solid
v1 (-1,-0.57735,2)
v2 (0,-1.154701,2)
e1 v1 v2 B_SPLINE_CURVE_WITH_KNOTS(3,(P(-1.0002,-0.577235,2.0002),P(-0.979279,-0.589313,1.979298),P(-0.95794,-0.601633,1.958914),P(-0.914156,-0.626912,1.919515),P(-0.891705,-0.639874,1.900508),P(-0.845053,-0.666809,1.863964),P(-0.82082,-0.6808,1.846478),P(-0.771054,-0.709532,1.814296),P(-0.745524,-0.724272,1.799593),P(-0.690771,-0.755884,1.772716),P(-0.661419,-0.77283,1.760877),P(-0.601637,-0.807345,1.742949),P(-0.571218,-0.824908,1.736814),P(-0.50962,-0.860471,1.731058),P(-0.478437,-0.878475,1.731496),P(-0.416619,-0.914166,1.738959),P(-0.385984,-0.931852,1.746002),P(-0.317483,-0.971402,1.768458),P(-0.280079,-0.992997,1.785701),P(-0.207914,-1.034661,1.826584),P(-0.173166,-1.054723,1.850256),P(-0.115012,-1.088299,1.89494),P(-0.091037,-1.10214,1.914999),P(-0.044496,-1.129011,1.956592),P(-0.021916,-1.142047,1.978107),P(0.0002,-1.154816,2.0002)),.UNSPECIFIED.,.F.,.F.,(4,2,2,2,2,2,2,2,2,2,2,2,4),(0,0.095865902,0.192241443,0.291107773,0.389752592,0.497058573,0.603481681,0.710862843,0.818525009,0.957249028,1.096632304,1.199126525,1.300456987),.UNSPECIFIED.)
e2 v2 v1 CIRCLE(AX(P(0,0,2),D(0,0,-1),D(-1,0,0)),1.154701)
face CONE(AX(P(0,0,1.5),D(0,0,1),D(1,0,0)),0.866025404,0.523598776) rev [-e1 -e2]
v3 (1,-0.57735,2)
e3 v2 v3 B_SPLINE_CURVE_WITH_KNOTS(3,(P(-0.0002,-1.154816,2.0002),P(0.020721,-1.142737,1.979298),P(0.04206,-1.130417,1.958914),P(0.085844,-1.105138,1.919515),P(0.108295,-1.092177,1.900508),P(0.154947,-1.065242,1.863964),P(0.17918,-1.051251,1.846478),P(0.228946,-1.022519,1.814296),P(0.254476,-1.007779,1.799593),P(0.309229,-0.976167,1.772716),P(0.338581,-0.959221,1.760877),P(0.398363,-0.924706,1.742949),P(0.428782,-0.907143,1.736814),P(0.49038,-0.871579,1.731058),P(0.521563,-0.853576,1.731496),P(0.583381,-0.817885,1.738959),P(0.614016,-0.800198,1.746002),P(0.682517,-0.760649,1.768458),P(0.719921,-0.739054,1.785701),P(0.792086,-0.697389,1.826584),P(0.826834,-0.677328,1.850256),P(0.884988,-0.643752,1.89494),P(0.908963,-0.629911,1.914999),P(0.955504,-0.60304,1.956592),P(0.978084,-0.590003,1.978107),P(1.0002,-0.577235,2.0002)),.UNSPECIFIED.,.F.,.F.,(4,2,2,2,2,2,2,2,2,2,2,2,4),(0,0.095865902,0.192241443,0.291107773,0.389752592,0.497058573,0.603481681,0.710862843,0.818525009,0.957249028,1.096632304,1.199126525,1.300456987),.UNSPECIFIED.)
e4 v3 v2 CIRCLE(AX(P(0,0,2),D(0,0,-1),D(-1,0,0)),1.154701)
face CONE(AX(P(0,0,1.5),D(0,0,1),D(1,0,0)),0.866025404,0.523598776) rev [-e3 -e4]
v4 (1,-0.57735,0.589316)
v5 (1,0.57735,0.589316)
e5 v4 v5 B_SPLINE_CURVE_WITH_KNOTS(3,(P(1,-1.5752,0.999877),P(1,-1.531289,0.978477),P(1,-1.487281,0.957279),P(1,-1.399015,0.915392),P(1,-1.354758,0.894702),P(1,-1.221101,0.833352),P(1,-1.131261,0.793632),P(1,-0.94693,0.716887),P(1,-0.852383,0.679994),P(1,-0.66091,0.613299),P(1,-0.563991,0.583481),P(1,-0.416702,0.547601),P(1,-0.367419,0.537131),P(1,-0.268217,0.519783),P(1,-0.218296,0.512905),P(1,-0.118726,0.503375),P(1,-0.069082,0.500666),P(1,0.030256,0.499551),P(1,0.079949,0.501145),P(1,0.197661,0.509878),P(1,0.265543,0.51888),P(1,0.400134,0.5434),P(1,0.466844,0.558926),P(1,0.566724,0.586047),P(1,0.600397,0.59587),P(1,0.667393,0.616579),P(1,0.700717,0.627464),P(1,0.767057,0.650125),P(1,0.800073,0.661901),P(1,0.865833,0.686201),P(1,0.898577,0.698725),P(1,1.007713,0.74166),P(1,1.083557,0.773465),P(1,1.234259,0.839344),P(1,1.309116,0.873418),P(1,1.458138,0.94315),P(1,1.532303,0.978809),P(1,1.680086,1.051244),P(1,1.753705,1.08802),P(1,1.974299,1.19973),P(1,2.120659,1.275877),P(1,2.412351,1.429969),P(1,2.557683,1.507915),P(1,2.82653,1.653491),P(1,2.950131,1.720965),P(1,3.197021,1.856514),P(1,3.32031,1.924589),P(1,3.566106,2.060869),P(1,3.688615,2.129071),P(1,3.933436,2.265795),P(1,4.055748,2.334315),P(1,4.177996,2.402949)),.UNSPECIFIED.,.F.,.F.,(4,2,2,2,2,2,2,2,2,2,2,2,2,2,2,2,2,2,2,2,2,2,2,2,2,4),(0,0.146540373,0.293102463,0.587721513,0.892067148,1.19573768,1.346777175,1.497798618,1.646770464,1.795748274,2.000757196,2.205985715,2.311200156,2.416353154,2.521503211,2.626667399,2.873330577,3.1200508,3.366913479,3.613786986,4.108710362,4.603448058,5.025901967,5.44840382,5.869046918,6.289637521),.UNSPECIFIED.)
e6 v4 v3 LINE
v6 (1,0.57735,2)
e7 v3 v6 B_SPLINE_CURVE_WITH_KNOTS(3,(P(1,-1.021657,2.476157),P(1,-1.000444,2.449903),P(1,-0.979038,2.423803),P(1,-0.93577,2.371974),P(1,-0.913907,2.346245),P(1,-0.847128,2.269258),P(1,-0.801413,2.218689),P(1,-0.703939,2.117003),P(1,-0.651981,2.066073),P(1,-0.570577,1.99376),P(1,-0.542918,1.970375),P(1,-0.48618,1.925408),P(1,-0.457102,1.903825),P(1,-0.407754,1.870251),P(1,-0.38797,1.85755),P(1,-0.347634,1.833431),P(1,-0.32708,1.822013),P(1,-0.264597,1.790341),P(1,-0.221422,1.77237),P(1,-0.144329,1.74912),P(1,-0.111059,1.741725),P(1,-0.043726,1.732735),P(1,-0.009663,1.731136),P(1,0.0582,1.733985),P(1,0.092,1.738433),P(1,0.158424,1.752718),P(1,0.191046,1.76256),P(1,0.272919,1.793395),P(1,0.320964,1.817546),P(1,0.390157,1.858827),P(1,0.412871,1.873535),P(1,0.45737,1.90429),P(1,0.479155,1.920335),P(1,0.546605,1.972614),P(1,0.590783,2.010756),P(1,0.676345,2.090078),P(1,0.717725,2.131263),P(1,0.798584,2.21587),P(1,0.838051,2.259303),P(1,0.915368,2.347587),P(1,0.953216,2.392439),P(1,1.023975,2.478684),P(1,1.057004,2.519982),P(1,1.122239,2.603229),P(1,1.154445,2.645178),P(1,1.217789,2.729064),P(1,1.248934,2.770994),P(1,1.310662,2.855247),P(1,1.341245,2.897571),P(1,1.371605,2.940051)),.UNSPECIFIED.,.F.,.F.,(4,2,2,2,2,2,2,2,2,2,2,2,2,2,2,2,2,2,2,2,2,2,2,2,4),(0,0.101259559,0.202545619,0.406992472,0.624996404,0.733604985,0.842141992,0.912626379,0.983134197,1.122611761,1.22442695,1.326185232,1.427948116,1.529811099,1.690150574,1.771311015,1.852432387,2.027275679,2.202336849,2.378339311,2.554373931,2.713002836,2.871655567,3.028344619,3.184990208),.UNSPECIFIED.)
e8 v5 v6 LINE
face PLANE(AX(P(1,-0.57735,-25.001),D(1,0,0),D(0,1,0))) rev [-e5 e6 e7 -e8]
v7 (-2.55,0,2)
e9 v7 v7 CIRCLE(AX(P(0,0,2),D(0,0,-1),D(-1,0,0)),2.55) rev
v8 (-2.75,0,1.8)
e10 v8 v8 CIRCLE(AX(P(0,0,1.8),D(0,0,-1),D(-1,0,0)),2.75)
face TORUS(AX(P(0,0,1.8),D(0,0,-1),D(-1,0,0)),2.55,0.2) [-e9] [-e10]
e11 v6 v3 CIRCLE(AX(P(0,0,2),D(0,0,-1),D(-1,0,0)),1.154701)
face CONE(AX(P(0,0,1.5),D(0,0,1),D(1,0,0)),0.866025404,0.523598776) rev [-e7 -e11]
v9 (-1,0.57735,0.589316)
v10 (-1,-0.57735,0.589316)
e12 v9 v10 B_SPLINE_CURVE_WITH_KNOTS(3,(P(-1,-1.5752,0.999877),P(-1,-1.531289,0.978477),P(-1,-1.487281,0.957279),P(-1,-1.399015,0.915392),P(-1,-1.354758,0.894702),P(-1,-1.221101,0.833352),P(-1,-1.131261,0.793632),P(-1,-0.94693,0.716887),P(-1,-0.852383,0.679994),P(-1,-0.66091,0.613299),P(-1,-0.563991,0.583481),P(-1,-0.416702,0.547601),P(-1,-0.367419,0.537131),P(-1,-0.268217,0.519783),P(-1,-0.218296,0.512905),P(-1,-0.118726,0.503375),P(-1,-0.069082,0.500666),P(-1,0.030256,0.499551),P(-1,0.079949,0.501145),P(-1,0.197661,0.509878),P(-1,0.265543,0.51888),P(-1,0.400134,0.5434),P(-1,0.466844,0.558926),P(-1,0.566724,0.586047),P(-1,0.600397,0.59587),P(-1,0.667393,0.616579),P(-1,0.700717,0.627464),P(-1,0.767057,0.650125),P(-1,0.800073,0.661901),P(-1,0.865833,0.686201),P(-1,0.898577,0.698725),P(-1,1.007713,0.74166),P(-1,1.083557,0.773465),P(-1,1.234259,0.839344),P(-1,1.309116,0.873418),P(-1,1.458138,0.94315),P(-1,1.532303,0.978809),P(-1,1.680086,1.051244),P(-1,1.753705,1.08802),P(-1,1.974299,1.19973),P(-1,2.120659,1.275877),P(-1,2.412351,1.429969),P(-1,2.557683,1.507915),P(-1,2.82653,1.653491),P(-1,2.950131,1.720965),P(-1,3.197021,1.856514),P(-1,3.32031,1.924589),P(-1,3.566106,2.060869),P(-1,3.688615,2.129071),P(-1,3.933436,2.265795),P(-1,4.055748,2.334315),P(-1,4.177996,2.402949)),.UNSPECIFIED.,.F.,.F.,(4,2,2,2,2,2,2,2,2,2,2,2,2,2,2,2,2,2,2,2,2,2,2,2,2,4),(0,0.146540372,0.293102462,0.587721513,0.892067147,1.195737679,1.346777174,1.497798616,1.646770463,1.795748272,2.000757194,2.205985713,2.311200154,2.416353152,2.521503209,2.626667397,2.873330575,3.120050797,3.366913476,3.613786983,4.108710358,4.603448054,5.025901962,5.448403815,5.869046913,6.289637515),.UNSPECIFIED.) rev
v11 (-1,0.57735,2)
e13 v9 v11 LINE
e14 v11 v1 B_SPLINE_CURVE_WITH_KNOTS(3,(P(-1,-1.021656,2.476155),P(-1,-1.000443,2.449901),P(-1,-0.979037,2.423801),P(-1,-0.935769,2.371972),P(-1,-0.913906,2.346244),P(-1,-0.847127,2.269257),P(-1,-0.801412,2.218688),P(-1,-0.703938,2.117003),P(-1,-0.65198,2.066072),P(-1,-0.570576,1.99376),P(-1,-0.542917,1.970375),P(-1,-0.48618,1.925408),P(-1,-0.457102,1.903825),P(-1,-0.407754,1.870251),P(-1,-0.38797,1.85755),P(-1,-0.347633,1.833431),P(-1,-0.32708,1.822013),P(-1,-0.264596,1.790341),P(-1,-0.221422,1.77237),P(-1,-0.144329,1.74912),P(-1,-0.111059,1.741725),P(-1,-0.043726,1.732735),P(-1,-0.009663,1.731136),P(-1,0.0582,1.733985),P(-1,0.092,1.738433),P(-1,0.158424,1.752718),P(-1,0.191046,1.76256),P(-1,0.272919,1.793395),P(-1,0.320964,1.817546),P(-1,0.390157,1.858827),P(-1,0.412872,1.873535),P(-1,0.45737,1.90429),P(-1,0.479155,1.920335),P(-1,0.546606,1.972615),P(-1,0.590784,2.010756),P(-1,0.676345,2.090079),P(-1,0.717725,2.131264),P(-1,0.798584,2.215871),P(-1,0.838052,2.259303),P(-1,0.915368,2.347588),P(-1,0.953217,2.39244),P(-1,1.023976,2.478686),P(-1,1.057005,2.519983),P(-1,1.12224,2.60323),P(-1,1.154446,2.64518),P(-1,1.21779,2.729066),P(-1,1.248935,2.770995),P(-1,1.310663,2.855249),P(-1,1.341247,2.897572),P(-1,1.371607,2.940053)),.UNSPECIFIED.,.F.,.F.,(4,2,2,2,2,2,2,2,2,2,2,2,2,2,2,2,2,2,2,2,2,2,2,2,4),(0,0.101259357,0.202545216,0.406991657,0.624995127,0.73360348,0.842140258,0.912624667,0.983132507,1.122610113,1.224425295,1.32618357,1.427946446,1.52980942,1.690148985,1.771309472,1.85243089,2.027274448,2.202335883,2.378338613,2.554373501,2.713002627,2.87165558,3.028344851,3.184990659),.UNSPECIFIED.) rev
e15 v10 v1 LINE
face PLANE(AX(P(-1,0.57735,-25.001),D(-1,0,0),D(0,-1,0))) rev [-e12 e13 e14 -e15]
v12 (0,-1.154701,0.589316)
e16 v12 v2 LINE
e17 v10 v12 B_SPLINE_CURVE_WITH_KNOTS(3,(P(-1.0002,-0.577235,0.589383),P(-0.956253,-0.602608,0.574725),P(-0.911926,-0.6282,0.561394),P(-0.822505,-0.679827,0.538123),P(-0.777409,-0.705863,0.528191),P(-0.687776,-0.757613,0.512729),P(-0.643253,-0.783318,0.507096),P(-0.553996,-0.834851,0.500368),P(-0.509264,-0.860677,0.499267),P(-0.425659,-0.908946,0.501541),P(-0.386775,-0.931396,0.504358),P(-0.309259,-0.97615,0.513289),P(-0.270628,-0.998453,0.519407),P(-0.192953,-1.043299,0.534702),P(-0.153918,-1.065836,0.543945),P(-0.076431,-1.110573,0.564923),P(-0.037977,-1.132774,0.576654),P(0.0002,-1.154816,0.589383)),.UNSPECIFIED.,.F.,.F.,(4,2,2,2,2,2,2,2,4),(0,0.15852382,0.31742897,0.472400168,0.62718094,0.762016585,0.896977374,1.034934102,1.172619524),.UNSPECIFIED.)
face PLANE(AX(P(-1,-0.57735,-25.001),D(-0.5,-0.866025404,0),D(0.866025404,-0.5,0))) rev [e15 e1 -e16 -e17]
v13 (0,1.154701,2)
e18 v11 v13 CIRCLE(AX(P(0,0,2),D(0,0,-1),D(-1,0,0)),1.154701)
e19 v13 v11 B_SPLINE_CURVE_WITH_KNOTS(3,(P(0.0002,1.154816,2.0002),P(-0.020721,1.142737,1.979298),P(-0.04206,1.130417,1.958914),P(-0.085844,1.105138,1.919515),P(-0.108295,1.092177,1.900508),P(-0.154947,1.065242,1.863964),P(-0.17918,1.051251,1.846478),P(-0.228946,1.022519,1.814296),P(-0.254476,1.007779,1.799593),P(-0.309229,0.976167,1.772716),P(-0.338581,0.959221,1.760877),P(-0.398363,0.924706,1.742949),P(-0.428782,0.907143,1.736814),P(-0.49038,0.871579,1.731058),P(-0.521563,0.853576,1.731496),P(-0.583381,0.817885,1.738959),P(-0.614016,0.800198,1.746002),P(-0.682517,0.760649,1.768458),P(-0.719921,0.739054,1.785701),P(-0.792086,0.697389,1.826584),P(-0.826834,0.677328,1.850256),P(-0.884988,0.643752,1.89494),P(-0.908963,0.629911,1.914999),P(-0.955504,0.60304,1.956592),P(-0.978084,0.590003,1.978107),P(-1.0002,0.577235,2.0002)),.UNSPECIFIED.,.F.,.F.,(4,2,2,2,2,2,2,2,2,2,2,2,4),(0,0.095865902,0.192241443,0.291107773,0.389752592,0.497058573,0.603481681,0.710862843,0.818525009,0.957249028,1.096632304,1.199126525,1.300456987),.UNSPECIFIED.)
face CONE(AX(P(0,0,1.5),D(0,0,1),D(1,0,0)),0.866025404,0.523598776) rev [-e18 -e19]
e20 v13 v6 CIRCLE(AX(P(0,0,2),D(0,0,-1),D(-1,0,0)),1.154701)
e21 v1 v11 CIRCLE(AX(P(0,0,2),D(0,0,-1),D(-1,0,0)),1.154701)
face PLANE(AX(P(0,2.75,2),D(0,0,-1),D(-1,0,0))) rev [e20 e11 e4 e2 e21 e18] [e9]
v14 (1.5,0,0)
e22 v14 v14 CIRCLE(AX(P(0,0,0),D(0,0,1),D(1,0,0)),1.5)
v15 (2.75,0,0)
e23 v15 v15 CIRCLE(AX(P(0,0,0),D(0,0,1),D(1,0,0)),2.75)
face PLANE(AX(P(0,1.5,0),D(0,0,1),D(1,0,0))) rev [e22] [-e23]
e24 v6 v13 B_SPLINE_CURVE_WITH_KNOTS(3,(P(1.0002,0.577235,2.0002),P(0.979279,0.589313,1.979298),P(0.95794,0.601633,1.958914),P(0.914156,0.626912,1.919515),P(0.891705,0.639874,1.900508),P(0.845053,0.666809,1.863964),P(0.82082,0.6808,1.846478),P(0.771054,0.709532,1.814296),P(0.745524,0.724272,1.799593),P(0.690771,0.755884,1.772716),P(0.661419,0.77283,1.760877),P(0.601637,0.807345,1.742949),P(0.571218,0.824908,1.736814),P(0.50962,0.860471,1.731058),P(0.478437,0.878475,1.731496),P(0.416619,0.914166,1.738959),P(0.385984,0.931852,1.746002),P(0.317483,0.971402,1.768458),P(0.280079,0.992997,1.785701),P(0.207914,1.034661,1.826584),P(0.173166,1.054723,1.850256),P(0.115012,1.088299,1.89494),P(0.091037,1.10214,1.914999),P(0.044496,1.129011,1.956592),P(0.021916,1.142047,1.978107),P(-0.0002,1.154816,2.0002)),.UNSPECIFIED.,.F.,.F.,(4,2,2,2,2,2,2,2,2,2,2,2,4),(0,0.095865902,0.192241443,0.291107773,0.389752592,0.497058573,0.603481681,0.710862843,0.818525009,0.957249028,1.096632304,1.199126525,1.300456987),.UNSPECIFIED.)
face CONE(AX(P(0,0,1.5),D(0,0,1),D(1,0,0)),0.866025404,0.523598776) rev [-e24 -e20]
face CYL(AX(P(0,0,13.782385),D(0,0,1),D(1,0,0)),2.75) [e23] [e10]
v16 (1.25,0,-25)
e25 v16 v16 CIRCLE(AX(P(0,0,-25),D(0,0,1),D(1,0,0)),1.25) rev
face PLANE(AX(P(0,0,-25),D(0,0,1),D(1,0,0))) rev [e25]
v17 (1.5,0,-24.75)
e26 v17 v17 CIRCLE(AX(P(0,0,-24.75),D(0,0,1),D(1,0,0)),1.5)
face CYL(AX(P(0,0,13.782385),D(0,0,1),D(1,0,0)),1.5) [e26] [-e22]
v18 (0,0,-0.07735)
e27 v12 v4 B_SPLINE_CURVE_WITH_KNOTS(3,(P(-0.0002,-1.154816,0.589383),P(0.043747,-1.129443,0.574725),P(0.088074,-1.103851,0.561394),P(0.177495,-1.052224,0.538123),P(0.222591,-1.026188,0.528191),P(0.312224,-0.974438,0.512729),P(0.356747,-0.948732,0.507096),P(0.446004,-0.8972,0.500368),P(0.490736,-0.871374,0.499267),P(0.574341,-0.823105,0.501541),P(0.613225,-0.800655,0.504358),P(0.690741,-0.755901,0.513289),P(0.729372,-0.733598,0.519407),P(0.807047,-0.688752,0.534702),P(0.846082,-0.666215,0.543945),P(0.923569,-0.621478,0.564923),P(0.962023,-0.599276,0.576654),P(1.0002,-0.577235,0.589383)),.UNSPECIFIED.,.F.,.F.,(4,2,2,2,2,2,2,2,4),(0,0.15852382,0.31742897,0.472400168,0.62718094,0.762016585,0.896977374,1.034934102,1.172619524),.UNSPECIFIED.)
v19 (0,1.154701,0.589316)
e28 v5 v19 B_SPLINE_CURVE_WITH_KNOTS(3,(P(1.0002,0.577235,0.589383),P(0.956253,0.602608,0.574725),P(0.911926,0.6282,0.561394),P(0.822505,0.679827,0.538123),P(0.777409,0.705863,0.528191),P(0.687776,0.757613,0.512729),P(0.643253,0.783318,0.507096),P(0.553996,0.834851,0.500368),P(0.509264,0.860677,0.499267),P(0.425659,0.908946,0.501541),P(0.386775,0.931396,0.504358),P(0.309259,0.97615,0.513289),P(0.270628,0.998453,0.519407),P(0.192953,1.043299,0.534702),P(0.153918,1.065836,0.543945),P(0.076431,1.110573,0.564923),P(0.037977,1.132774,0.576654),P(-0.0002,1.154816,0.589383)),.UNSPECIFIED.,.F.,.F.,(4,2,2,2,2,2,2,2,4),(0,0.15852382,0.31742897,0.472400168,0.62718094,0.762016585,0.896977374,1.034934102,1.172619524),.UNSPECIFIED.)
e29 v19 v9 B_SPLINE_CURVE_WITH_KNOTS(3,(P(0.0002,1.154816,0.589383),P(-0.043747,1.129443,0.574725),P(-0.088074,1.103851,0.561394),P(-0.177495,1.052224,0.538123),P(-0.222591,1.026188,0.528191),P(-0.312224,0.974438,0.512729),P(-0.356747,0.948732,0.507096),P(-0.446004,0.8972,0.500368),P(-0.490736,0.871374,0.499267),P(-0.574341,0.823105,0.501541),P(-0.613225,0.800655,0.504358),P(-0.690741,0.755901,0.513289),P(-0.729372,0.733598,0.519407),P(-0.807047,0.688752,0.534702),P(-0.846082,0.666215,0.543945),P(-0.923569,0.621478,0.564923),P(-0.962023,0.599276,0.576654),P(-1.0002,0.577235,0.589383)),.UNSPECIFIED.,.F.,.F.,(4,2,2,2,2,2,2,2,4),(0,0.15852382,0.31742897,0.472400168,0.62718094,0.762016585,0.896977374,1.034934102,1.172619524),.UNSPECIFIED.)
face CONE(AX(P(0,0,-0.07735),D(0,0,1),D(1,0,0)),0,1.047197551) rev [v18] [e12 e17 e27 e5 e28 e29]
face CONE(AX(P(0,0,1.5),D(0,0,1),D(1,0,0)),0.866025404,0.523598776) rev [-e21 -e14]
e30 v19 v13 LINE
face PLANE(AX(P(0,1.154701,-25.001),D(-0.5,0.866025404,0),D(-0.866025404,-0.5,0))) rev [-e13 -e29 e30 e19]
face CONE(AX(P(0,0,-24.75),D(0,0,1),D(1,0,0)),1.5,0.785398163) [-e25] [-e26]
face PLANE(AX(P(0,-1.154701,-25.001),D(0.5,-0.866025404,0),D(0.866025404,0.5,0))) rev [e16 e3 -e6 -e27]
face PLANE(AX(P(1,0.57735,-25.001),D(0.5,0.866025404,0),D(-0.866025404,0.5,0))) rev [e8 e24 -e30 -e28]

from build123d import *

# Parameters (mm, degrees)
CUT_EXTRUDE1_REACH = 29.279
CHAMFER1_SIZE      = 0.25
FILLET1_R          = 0.2


with BuildPart() as part:
    # Sketch1 → Revolve1 (revolve)
    with BuildSketch(Plane(origin=(0, 0, 0), x_dir=(0, 0, -1), z_dir=(1, 0, 0)), mode=Mode.PRIVATE) as revolve1_sk:
        Polygon((0, 1.5), (0, 2.75), (-2, 2.75), (-2, 0), (25, 0), (25, 1.5), align=None)
    revolve(revolve1_sk.sketch.rotate(Axis((0, 0, 13.782385085), (0, 0, -1)), 90), axis=Axis((0, 0, 13.782385085), (0, 0, -1)))

    # Sketch2 → Cut-Revolve1 (revolve, cut)
    with BuildSketch(Plane(origin=(0, 0, 0), x_dir=(0, 0, -1), z_dir=(1, 0, 0)), mode=Mode.PRIVATE) as cut_revolve1_sk:
        Polygon((0.077350269, 0), (-0.5, 1), (-2, 1), (-2, 0), align=None)
    revolve(cut_revolve1_sk.sketch.rotate(Axis((0, 0, 0), (0, 0, 1)), 90), axis=Axis((0, 0, 0), (0, 0, 1)), mode=Mode.SUBTRACT)

    # Cut-Extrude1: up to this cone (the profile starts inside it)
    cut_extrude1_end = Plane(origin=(0, 0, 2), z_dir=(0, 0, 1)).offset(-2.077349269) * Cone(1.732e-06, 61.408868018, 35.454425481, align=(Align.CENTER, Align.CENTER, Align.MIN), mode=Mode.PRIVATE)
    # Sketch3 → Cut-Extrude1 (cut, up to the surface)
    with BuildSketch(Plane.XY.offset(2), mode=Mode.PRIVATE) as cut_extrude1_sk1:
        Polygon((0, 1.154700538), (-1, 0.577350269), (-1, -0.577350269), (0, -1.154700538), (1, -0.577350269), (1, 0.577350269), align=None)
    cut_extrude1_tool1 = extrude(cut_extrude1_sk1.sketch, amount=-CUT_EXTRUDE1_REACH, mode=Mode.PRIVATE) & cut_extrude1_end
    add(cut_extrude1_tool1.solids().sort_by_distance((0, 0, 2))[0], mode=Mode.SUBTRACT)

    # Sketch4 → Cut-Revolve2 (revolve, cut)
    with BuildSketch(Plane(origin=(0, 0, 0), x_dir=(0, 0, -1), z_dir=(1, 0, 0)), mode=Mode.PRIVATE) as cut_revolve2_sk:
        Polygon((-1.5, 0.866025404), (-2.5, 0.866025404), (-2.5, 1.443375673), align=None)
    revolve(cut_revolve2_sk.sketch.rotate(Axis((0, 0, 0), (0, 0, 1)), 270), axis=Axis((0, 0, 0), (0, 0, 1)), mode=Mode.SUBTRACT)

    # Chamfer1
    chamfer1_edges = [part.edges().sort_by_distance(p)[0] for p in [
        (-1.5, 0, -25),
    ]]
    chamfer(chamfer1_edges, length=CHAMFER1_SIZE)

    # Fillet1
    fillet1_edges = [part.edges().sort_by_distance(p)[0] for p in [
        (-2.75, 0, 2),
    ]]
    fillet(fillet1_edges, radius=FILLET1_R)


solid = part.part
